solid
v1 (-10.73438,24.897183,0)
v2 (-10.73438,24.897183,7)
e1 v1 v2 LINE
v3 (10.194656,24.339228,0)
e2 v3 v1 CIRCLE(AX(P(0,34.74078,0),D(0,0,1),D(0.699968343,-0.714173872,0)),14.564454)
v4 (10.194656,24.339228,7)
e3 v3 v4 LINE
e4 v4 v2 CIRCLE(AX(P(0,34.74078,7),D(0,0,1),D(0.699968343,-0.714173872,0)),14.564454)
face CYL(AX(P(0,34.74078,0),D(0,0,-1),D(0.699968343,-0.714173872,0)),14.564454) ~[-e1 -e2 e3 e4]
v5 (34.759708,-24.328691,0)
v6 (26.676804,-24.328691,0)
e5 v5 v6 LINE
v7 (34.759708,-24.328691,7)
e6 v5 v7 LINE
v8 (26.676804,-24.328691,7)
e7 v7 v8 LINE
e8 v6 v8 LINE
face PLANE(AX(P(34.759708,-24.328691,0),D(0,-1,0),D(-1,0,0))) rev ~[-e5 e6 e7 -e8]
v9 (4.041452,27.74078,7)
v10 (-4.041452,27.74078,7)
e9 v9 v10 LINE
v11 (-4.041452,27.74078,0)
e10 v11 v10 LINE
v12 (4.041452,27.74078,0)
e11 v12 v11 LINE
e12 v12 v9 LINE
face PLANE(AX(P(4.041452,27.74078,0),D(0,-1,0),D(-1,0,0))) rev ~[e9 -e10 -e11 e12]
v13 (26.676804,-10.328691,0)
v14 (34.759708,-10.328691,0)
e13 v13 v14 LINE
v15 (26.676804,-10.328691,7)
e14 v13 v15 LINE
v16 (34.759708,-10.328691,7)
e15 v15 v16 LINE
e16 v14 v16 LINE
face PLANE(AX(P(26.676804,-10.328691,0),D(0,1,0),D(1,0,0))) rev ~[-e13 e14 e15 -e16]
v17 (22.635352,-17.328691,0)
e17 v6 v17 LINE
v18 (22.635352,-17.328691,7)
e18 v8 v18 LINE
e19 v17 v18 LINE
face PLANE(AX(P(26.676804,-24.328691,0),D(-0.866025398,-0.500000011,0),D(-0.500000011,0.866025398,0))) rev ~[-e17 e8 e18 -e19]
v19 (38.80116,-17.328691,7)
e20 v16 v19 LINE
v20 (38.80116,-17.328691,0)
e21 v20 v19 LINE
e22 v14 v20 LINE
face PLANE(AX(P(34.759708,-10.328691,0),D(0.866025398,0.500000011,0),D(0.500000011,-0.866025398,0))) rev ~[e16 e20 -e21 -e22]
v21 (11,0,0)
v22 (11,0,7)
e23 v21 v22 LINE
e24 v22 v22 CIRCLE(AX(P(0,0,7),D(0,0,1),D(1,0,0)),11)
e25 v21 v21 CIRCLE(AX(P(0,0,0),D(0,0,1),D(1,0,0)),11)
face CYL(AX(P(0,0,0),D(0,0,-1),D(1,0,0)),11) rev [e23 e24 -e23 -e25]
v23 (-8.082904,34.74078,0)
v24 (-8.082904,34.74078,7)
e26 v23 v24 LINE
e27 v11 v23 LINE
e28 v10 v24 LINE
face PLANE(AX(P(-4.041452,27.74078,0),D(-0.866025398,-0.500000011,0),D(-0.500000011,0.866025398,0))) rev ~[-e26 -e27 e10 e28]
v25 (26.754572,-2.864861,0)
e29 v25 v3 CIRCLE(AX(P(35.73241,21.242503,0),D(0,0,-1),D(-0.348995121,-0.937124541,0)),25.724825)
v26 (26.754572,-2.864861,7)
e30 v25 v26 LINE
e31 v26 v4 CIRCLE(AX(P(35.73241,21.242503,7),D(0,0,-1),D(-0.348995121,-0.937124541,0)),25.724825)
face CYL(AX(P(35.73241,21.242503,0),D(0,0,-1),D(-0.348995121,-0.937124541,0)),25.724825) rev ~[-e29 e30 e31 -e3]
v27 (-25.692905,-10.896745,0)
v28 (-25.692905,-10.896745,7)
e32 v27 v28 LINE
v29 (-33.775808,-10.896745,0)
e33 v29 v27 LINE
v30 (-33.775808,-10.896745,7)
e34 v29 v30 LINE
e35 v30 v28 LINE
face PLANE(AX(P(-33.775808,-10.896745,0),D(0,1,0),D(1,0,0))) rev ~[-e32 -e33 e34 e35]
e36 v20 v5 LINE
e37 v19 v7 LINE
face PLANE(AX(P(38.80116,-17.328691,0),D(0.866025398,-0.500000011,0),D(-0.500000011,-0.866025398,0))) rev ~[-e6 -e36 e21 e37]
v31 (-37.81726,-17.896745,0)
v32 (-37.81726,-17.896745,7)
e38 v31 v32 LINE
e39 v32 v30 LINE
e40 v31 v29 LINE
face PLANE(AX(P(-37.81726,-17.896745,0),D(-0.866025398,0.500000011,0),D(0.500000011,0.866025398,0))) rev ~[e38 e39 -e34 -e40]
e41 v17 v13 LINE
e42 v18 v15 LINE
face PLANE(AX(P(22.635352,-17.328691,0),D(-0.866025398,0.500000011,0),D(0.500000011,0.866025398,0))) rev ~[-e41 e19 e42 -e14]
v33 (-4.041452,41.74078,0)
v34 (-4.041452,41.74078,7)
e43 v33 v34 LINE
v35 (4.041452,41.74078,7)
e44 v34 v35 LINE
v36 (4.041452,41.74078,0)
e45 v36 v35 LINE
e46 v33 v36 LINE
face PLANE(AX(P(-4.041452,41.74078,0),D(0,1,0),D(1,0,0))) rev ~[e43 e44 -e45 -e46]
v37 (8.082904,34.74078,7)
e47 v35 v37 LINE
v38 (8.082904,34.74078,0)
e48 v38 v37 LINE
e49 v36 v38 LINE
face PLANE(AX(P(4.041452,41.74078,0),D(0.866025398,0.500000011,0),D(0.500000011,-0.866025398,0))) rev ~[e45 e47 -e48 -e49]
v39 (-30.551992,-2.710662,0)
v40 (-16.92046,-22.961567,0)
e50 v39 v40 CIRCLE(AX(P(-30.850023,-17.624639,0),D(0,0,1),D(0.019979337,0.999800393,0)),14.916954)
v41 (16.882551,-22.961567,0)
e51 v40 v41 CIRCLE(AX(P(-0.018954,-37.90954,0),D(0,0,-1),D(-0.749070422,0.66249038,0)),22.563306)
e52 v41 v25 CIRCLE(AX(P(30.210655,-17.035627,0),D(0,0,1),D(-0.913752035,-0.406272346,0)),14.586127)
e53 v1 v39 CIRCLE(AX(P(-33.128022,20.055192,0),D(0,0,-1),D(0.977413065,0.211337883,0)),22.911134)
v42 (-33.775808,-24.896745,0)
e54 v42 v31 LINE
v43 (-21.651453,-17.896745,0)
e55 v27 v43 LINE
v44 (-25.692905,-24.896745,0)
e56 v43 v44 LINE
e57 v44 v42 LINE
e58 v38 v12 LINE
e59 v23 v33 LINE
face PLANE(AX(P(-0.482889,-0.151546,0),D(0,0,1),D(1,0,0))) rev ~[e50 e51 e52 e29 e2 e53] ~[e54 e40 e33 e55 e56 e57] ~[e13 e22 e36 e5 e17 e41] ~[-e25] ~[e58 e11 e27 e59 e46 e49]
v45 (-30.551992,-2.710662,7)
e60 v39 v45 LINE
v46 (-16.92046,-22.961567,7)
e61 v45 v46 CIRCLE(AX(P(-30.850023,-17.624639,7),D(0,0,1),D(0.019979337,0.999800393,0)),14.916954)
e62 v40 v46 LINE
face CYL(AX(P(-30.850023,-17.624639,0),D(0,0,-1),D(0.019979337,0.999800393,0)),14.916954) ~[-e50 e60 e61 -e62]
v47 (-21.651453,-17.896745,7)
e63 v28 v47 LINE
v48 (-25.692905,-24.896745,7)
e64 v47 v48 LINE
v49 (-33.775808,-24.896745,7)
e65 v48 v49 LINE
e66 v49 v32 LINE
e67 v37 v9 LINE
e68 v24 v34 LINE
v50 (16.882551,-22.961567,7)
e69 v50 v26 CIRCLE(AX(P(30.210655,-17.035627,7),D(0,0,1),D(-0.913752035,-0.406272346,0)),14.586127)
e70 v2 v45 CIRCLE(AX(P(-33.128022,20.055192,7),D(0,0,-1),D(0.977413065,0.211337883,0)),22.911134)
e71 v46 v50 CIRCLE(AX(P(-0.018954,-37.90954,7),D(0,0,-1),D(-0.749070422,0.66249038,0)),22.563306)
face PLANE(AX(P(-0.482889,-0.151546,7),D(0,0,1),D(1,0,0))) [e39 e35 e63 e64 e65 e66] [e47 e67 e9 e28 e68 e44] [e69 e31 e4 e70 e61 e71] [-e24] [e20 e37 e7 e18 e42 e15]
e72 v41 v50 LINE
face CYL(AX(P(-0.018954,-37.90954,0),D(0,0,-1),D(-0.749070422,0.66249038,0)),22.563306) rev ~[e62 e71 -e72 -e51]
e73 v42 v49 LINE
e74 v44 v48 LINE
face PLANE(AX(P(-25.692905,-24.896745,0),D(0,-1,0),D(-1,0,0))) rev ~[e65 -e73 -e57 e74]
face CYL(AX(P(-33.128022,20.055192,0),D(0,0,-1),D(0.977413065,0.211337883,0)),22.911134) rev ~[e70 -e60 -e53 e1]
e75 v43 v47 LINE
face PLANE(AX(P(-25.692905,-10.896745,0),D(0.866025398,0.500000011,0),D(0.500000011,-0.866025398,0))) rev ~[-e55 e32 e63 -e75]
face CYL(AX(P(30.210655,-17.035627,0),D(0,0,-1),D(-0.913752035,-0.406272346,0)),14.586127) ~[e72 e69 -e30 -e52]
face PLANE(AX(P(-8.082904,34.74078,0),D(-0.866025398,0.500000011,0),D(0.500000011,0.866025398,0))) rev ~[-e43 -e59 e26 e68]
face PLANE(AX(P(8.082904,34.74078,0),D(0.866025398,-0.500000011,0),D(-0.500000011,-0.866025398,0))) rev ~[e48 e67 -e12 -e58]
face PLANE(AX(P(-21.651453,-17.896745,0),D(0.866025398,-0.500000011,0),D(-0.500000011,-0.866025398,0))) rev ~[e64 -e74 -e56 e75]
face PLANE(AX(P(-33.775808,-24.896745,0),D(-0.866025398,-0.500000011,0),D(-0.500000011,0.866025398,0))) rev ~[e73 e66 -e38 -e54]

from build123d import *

# Parameters (mm, degrees)
F0_R     = 11
F1_DEPTH = 7


with BuildPart() as f1:
    # F0 (on Top) → F1 (new body)
    with BuildSketch(Plane.XY):
        with BuildLine():
            ThreePointArc((26.754572, -2.864861), (13.758627, 7.866426), (10.194656, 24.339228))
            ThreePointArc((10.194656, 24.339228), (0.388142, 49.300061), (-10.73438, 24.897183))
            ThreePointArc((-10.73438, 24.897183), (-14.515676, 6.694779), (-30.551992, -2.710662))
            ThreePointArc((-30.551992, -2.710662), (-43.22463, -25.954382), (-16.92046, -22.961567))
            ThreePointArc((-16.92046, -22.961567), (-0.018954, -15.346234), (16.882551, -22.961567))
            ThreePointArc((16.882551, -22.961567), (43.302508, -23.466683), (26.754572, -2.864861))
        make_face()
        Polygon((-25.692905, -24.896745), (-33.775808, -24.896745), (-37.81726, -17.896745), (-33.775808, -10.896745), (-25.692905, -10.896745), (-21.651453, -17.896745), align=None, mode=Mode.SUBTRACT)
        Polygon((34.759708, -10.328691), (38.80116, -17.328691), (34.759708, -24.328691), (26.676804, -24.328691), (22.635352, -17.328691), (26.676804, -10.328691), align=None, mode=Mode.SUBTRACT)
        Circle(F0_R, mode=Mode.SUBTRACT)
        Polygon((8.082904, 34.74078), (4.041452, 27.74078), (-4.041452, 27.74078), (-8.082904, 34.74078), (-4.041452, 41.74078), (4.041452, 41.74078), align=None, mode=Mode.SUBTRACT)
    extrude(amount=F1_DEPTH)


solid = f1.part
